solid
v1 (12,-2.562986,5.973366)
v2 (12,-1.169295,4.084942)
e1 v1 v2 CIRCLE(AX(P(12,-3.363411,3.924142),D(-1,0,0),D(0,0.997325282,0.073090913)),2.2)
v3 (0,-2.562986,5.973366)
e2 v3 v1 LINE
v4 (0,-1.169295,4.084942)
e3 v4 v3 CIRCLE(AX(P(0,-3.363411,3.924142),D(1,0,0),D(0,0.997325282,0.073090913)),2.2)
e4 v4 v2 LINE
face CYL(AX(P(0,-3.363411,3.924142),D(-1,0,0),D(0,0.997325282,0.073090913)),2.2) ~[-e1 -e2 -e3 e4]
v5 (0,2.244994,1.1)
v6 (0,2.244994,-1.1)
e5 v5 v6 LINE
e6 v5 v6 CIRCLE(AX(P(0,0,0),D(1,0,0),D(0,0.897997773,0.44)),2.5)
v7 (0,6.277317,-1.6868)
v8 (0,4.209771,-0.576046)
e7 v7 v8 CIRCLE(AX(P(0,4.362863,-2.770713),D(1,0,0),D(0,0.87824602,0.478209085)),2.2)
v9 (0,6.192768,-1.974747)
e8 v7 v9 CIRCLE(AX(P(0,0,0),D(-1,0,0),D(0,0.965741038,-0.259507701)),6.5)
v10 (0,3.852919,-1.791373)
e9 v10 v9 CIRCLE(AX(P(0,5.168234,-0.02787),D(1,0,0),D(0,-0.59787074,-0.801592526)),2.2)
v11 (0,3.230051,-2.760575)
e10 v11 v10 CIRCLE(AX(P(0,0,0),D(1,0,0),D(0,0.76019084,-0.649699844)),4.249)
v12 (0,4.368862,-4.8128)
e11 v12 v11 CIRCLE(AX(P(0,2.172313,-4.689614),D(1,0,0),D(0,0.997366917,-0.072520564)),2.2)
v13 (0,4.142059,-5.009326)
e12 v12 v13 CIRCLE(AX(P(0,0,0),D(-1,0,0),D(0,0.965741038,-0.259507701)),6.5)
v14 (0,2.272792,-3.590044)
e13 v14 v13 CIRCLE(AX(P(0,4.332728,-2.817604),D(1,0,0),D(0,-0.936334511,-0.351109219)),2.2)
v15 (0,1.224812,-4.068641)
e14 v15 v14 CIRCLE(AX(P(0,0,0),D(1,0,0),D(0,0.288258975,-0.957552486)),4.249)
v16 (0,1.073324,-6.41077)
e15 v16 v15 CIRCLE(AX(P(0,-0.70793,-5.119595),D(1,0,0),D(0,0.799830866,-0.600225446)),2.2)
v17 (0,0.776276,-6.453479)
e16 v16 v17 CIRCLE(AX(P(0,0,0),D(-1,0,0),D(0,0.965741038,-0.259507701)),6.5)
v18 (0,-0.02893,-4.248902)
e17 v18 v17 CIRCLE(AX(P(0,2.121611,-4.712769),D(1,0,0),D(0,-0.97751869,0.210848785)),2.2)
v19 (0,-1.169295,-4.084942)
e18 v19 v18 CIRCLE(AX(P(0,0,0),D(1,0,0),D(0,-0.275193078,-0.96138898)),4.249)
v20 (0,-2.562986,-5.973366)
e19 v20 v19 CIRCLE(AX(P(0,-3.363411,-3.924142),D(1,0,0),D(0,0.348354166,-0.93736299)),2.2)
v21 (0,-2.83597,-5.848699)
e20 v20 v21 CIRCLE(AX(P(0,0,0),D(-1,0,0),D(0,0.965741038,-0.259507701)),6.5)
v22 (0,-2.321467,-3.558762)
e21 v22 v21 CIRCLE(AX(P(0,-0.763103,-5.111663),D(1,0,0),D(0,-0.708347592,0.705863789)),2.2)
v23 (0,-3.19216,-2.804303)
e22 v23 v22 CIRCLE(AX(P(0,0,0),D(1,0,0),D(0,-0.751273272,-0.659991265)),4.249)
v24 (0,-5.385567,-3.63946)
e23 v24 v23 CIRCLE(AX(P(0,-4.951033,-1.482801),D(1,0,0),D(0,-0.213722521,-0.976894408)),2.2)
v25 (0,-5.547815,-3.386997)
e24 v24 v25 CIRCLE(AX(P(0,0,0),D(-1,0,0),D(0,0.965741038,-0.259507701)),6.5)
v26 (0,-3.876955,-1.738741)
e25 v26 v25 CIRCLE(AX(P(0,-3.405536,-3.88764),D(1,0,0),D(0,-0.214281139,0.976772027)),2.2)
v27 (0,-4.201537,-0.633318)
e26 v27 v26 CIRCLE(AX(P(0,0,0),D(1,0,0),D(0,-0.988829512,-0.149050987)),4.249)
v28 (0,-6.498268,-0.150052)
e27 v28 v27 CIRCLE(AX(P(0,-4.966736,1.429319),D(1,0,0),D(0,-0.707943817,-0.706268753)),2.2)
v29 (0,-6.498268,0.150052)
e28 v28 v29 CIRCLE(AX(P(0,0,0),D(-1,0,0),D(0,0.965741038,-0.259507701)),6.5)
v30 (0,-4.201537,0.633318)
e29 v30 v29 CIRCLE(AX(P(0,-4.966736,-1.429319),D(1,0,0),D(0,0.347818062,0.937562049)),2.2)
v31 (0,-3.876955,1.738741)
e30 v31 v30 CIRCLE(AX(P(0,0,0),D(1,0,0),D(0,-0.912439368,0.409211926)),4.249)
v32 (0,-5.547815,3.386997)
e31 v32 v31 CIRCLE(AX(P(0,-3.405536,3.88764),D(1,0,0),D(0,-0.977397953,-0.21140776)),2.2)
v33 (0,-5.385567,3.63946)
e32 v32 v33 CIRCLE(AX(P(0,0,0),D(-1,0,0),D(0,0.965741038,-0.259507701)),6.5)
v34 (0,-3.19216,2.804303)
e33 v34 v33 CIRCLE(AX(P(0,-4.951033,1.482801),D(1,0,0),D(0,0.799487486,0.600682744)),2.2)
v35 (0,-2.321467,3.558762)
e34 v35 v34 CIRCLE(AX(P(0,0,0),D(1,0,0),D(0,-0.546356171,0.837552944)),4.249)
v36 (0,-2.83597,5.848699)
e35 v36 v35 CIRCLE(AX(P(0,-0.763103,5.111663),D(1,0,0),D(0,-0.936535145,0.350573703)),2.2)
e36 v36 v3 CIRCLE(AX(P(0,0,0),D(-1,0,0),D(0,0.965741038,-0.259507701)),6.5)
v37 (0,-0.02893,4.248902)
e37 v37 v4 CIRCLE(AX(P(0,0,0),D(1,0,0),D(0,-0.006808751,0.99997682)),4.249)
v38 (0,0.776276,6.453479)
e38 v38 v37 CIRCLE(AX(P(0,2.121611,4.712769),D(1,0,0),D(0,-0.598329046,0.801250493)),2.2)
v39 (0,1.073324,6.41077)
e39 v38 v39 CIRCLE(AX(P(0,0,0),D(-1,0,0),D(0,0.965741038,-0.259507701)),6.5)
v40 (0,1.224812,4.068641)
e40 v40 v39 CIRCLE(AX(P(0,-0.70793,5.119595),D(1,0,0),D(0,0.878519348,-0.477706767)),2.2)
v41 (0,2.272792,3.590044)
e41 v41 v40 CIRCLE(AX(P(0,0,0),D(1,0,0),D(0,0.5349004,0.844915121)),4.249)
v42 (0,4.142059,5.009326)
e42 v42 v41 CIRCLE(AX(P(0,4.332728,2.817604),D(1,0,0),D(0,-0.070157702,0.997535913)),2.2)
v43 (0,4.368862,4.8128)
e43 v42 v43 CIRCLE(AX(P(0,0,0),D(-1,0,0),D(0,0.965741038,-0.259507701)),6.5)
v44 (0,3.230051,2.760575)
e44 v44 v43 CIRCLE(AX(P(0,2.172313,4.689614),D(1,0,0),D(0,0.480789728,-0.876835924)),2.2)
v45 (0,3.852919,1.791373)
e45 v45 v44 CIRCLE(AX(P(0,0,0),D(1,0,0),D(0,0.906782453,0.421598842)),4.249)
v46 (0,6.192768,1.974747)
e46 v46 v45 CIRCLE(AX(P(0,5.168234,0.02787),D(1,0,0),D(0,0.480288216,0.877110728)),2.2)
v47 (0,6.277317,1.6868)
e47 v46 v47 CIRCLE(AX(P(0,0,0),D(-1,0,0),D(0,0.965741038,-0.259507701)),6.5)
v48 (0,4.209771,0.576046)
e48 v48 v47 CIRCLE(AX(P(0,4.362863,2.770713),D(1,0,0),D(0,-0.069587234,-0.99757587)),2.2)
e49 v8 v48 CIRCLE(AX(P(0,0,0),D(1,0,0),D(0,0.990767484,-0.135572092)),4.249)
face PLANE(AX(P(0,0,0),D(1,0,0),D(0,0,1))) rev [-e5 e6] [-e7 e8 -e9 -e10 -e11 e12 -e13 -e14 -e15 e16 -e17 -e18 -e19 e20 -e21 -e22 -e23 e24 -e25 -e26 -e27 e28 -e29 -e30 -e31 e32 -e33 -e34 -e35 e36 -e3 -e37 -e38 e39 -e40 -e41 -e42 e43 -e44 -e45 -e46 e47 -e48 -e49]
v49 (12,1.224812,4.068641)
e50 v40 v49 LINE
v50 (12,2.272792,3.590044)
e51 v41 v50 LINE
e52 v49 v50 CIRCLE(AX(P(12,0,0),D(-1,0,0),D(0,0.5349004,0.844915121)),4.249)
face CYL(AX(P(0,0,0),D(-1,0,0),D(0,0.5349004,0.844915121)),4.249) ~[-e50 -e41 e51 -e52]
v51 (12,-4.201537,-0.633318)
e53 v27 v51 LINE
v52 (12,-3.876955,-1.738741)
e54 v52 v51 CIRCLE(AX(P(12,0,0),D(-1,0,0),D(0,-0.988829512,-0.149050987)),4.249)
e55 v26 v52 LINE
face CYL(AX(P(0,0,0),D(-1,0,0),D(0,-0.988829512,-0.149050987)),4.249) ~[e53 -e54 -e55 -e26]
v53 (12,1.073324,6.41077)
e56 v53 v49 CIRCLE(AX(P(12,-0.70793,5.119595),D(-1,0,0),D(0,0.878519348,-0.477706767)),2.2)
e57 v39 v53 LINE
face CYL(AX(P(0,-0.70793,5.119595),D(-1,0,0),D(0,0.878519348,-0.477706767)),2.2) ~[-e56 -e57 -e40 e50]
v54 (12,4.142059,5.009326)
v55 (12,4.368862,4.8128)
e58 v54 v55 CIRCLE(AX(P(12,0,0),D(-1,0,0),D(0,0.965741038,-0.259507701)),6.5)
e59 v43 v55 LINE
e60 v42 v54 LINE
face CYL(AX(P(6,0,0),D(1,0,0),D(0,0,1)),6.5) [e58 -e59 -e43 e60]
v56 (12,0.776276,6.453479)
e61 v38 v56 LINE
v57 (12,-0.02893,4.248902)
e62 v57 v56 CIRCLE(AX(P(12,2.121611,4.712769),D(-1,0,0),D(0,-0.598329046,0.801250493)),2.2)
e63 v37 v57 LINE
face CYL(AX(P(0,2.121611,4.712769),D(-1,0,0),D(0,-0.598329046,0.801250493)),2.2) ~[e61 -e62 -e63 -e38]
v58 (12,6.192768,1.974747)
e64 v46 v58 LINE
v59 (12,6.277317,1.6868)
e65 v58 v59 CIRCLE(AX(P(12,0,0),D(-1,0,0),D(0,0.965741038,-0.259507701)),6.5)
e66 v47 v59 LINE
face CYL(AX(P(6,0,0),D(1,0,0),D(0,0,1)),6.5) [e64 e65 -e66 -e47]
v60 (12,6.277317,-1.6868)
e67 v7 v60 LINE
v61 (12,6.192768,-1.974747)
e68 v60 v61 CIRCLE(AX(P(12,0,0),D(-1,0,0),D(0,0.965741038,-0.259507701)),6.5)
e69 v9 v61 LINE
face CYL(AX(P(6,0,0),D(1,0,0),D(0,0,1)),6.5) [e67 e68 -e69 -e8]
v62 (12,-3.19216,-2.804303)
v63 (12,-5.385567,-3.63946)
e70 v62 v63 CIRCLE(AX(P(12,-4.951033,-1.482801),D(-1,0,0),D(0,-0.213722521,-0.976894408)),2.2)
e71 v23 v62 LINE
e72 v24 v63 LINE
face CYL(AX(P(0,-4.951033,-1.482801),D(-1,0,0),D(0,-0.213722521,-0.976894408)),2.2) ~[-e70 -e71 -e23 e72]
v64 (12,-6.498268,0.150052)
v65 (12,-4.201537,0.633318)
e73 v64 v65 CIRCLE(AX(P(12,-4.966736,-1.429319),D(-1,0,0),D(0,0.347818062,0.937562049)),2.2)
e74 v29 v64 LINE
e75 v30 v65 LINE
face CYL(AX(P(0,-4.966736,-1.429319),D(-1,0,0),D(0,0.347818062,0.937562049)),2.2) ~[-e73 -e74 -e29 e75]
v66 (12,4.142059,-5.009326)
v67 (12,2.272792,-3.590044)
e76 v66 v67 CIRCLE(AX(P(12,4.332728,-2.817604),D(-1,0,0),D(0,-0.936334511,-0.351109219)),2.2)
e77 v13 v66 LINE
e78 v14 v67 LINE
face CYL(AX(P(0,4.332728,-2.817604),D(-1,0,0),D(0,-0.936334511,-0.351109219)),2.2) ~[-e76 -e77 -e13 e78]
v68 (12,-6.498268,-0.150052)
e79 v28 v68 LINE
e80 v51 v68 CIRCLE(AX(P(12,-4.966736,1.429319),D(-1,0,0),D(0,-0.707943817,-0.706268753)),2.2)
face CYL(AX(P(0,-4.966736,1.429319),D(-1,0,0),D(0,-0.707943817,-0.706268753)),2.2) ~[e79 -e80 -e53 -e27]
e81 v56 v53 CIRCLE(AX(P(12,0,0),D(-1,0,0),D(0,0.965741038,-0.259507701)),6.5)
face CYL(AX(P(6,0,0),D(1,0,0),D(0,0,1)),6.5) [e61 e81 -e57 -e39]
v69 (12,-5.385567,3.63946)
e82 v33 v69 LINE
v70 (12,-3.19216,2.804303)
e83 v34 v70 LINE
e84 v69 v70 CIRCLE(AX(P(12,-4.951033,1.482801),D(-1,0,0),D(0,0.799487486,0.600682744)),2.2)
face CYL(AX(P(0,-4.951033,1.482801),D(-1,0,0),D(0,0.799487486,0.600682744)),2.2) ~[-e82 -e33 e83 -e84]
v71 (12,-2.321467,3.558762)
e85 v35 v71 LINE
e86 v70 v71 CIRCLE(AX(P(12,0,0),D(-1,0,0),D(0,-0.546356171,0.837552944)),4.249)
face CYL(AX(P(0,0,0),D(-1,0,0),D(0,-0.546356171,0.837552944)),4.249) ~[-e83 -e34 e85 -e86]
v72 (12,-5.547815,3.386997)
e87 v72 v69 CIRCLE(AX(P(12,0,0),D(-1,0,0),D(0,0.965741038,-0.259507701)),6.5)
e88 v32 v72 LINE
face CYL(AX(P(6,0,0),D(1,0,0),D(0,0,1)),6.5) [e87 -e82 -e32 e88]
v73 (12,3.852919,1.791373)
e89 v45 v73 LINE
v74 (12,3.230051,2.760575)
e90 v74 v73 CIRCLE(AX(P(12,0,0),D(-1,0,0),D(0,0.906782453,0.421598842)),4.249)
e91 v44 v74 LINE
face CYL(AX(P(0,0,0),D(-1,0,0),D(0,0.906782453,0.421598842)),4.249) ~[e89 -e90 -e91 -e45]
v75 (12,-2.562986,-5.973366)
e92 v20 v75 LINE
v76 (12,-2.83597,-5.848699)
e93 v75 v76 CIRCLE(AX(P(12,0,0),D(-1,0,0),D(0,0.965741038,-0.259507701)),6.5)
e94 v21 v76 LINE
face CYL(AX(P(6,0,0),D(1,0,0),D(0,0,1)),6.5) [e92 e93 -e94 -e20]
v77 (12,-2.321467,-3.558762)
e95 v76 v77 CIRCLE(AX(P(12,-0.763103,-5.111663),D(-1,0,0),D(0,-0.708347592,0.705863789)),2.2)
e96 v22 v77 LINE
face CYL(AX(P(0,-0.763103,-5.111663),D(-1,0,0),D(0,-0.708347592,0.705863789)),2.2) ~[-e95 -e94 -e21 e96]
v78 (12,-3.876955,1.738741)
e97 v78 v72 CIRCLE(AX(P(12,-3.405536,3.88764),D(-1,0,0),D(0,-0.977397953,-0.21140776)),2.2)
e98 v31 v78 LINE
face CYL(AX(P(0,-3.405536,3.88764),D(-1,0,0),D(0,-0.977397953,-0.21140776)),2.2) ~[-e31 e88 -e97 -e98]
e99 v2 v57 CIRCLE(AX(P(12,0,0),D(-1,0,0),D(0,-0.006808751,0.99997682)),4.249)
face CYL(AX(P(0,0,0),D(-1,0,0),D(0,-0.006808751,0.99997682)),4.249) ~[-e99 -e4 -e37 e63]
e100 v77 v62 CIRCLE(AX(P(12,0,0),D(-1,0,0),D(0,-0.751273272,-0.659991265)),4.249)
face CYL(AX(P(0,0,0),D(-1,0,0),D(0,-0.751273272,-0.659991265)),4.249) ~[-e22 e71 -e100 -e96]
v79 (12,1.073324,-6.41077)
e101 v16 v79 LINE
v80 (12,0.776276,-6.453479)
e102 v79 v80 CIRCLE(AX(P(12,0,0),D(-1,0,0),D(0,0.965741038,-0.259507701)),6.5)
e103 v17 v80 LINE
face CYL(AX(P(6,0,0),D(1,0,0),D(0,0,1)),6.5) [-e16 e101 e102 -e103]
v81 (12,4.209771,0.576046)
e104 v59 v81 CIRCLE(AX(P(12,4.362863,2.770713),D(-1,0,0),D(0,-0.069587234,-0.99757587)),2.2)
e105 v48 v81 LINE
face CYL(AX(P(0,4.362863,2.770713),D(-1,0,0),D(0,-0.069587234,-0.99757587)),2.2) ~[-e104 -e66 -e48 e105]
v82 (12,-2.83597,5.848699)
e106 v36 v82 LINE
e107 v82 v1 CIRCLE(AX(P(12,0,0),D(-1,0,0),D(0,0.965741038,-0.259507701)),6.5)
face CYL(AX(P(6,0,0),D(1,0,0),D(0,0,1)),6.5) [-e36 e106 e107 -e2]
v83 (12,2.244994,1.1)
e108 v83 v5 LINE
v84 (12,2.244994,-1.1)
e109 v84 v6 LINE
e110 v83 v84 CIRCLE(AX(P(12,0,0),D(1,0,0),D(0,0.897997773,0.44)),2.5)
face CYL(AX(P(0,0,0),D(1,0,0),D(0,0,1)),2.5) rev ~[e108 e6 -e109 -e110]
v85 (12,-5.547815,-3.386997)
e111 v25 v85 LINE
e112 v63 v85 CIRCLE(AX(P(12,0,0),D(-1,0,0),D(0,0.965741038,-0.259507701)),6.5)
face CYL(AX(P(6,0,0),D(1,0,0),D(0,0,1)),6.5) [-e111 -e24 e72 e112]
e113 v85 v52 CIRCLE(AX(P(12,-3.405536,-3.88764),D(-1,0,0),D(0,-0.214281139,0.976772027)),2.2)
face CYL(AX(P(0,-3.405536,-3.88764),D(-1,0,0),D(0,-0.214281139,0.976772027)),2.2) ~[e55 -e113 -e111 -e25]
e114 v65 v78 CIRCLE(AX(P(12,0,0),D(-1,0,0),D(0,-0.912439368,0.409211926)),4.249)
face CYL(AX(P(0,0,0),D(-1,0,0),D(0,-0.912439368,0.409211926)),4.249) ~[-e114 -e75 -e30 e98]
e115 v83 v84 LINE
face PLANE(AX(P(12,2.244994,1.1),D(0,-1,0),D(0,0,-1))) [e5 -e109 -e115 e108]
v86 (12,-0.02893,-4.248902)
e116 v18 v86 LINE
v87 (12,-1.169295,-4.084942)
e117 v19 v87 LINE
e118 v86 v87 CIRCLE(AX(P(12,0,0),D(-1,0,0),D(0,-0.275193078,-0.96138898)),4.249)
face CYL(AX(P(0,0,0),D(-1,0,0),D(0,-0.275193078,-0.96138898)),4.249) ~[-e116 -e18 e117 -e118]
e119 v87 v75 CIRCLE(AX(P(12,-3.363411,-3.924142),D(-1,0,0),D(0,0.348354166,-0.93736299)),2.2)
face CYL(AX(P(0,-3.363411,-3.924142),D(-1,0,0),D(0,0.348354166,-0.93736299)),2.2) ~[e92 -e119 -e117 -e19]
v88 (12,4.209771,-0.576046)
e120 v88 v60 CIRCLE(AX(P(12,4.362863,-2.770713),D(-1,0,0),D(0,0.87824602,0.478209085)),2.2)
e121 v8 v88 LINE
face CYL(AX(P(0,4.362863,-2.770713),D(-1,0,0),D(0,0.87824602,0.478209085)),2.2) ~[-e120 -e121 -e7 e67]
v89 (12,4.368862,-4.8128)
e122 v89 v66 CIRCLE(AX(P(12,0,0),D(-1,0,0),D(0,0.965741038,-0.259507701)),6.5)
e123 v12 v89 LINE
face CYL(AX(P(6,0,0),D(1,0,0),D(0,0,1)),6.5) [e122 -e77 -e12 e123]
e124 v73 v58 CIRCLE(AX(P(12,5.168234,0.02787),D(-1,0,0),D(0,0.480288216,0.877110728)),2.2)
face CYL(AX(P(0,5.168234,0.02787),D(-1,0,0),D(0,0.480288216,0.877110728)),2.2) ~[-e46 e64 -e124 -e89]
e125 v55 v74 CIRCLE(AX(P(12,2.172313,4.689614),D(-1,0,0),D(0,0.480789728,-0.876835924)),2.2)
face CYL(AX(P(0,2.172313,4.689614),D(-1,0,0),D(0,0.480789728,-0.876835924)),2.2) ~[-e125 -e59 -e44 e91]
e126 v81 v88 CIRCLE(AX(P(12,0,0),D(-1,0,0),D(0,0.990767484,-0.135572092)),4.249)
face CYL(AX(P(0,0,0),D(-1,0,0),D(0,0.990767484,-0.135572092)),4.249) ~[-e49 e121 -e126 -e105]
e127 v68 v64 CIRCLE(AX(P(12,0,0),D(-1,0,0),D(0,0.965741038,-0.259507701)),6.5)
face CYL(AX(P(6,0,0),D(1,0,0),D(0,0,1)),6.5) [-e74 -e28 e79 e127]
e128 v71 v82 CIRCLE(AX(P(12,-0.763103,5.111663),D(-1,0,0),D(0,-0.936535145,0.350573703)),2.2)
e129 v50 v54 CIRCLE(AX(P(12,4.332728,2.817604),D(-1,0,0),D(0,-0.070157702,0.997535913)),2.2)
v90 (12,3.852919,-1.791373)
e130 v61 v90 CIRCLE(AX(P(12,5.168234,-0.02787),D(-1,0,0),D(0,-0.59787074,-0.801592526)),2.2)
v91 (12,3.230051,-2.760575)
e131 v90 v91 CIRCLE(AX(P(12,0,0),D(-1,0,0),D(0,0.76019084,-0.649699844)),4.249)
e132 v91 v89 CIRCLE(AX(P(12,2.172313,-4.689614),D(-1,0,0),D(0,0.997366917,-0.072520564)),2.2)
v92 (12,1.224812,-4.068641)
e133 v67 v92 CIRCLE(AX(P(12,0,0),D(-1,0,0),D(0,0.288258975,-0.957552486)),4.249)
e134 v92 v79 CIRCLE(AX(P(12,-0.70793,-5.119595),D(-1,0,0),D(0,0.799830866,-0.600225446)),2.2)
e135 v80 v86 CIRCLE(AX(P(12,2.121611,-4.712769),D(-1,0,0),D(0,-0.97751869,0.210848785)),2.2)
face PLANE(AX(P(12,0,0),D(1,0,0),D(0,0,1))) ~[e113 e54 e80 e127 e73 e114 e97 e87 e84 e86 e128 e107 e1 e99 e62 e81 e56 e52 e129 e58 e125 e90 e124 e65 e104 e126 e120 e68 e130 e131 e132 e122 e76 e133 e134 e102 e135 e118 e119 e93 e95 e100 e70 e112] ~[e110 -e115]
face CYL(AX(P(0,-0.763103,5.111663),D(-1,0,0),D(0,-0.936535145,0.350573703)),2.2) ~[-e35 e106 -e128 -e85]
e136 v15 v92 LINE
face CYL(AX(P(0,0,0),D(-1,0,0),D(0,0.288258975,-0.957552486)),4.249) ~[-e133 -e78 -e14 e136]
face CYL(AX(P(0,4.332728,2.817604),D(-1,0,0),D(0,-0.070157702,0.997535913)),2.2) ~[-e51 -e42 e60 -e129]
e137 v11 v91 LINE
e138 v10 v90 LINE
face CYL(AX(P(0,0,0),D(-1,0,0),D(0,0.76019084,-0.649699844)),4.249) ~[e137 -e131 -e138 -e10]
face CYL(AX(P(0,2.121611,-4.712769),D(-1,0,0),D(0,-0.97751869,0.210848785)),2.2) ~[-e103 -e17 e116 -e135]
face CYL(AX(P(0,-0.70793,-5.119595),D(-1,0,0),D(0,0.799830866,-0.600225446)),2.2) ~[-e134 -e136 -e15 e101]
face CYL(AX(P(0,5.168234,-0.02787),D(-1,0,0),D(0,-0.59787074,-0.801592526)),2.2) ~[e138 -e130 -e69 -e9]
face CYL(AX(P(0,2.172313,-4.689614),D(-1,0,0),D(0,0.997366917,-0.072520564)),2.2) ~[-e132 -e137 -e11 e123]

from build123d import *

# Parameters (mm, degrees)
BASPROSKE_W         = 12
BASPROSKE_H         = 6.5
TOOTHCUT_DEPTH      = 16.116216458
TEETHCUTS_COUNT     = 11
TEETHCUTS_ANGLE     = 327.272727273
BORSKE_R            = 2.5
BORE_DEPTH          = 50.0000508
BOSS_EXTRUDE1_DEPTH = 12


with BuildPart() as part:
    # BasProSke → Base-Revolve (revolve)
    with BuildSketch(Plane(origin=(0, 0, 0), x_dir=(1, 0, 0), z_dir=(0, 1, 0)), mode=Mode.PRIVATE) as base_revolve_sk:
        with Locations((6, 3.25)):
            Rectangle(BASPROSKE_W, BASPROSKE_H)
    revolve(base_revolve_sk.sketch.rotate(Axis((-10, 0, 0), (1, 0, 0)), 180), axis=Axis((-10, 0, 0), (1, 0, 0)))

    # TooCutSke → ToothCut (cut, through all)
    with BuildSketch(Plane(origin=(0, 0, 0), x_dir=(0, 0, -1), z_dir=(1, 0, 0))):
        with BuildLine():
            ThreePointArc((0.576045815, 4.209771041), (0, 4.249), (-0.576045815, 4.209771041))
            ThreePointArc((-0.576045815, 4.209771041), (-0.841371334, 5.420048739), (-1.718652745, 6.295004202))
            ThreePointArc((-1.718652745, 6.295004202), (0, 6.5254), (1.718652745, 6.295004202))
            ThreePointArc((1.718652745, 6.295004202), (0.841371334, 5.420048739), (0.576045815, 4.209771041))
        make_face()
    toothcut = extrude(amount=TOOTHCUT_DEPTH, mode=Mode.SUBTRACT)

    # TeethCuts: ToothCut ×11 about axis
    teethcuts_axis = Axis((-10, 0, 0), (1, 0, 0))
    for i in range(1, TEETHCUTS_COUNT):
        add(toothcut.rotate(teethcuts_axis, i * TEETHCUTS_ANGLE / (TEETHCUTS_COUNT - 1)), mode=Mode.SUBTRACT)

    # BorSke → Bore (cut, symmetric)
    with BuildSketch(Plane(origin=(0, 0, 0), x_dir=(0, 0, -1), z_dir=(1, 0, 0))):
        with Locations(Location((0, 0, 0), (0, 0, 180))):
            Circle(BORSKE_R)
    extrude(amount=BORE_DEPTH, both=True, mode=Mode.SUBTRACT)

    # Sketch1 → Boss-Extrude1 (add)
    with BuildSketch(Plane(origin=(12, 0, 0), x_dir=(0, 0, -1), z_dir=(1, 0, 0))):
        with BuildLine():
            Line((-1.1, 2.244994432), (1.1, 2.244994432))
            ThreePointArc((1.1, 2.244994432), (0, 2.5), (-1.1, 2.244994432))
        make_face()
    extrude(amount=-BOSS_EXTRUDE1_DEPTH)


solid = part.part
